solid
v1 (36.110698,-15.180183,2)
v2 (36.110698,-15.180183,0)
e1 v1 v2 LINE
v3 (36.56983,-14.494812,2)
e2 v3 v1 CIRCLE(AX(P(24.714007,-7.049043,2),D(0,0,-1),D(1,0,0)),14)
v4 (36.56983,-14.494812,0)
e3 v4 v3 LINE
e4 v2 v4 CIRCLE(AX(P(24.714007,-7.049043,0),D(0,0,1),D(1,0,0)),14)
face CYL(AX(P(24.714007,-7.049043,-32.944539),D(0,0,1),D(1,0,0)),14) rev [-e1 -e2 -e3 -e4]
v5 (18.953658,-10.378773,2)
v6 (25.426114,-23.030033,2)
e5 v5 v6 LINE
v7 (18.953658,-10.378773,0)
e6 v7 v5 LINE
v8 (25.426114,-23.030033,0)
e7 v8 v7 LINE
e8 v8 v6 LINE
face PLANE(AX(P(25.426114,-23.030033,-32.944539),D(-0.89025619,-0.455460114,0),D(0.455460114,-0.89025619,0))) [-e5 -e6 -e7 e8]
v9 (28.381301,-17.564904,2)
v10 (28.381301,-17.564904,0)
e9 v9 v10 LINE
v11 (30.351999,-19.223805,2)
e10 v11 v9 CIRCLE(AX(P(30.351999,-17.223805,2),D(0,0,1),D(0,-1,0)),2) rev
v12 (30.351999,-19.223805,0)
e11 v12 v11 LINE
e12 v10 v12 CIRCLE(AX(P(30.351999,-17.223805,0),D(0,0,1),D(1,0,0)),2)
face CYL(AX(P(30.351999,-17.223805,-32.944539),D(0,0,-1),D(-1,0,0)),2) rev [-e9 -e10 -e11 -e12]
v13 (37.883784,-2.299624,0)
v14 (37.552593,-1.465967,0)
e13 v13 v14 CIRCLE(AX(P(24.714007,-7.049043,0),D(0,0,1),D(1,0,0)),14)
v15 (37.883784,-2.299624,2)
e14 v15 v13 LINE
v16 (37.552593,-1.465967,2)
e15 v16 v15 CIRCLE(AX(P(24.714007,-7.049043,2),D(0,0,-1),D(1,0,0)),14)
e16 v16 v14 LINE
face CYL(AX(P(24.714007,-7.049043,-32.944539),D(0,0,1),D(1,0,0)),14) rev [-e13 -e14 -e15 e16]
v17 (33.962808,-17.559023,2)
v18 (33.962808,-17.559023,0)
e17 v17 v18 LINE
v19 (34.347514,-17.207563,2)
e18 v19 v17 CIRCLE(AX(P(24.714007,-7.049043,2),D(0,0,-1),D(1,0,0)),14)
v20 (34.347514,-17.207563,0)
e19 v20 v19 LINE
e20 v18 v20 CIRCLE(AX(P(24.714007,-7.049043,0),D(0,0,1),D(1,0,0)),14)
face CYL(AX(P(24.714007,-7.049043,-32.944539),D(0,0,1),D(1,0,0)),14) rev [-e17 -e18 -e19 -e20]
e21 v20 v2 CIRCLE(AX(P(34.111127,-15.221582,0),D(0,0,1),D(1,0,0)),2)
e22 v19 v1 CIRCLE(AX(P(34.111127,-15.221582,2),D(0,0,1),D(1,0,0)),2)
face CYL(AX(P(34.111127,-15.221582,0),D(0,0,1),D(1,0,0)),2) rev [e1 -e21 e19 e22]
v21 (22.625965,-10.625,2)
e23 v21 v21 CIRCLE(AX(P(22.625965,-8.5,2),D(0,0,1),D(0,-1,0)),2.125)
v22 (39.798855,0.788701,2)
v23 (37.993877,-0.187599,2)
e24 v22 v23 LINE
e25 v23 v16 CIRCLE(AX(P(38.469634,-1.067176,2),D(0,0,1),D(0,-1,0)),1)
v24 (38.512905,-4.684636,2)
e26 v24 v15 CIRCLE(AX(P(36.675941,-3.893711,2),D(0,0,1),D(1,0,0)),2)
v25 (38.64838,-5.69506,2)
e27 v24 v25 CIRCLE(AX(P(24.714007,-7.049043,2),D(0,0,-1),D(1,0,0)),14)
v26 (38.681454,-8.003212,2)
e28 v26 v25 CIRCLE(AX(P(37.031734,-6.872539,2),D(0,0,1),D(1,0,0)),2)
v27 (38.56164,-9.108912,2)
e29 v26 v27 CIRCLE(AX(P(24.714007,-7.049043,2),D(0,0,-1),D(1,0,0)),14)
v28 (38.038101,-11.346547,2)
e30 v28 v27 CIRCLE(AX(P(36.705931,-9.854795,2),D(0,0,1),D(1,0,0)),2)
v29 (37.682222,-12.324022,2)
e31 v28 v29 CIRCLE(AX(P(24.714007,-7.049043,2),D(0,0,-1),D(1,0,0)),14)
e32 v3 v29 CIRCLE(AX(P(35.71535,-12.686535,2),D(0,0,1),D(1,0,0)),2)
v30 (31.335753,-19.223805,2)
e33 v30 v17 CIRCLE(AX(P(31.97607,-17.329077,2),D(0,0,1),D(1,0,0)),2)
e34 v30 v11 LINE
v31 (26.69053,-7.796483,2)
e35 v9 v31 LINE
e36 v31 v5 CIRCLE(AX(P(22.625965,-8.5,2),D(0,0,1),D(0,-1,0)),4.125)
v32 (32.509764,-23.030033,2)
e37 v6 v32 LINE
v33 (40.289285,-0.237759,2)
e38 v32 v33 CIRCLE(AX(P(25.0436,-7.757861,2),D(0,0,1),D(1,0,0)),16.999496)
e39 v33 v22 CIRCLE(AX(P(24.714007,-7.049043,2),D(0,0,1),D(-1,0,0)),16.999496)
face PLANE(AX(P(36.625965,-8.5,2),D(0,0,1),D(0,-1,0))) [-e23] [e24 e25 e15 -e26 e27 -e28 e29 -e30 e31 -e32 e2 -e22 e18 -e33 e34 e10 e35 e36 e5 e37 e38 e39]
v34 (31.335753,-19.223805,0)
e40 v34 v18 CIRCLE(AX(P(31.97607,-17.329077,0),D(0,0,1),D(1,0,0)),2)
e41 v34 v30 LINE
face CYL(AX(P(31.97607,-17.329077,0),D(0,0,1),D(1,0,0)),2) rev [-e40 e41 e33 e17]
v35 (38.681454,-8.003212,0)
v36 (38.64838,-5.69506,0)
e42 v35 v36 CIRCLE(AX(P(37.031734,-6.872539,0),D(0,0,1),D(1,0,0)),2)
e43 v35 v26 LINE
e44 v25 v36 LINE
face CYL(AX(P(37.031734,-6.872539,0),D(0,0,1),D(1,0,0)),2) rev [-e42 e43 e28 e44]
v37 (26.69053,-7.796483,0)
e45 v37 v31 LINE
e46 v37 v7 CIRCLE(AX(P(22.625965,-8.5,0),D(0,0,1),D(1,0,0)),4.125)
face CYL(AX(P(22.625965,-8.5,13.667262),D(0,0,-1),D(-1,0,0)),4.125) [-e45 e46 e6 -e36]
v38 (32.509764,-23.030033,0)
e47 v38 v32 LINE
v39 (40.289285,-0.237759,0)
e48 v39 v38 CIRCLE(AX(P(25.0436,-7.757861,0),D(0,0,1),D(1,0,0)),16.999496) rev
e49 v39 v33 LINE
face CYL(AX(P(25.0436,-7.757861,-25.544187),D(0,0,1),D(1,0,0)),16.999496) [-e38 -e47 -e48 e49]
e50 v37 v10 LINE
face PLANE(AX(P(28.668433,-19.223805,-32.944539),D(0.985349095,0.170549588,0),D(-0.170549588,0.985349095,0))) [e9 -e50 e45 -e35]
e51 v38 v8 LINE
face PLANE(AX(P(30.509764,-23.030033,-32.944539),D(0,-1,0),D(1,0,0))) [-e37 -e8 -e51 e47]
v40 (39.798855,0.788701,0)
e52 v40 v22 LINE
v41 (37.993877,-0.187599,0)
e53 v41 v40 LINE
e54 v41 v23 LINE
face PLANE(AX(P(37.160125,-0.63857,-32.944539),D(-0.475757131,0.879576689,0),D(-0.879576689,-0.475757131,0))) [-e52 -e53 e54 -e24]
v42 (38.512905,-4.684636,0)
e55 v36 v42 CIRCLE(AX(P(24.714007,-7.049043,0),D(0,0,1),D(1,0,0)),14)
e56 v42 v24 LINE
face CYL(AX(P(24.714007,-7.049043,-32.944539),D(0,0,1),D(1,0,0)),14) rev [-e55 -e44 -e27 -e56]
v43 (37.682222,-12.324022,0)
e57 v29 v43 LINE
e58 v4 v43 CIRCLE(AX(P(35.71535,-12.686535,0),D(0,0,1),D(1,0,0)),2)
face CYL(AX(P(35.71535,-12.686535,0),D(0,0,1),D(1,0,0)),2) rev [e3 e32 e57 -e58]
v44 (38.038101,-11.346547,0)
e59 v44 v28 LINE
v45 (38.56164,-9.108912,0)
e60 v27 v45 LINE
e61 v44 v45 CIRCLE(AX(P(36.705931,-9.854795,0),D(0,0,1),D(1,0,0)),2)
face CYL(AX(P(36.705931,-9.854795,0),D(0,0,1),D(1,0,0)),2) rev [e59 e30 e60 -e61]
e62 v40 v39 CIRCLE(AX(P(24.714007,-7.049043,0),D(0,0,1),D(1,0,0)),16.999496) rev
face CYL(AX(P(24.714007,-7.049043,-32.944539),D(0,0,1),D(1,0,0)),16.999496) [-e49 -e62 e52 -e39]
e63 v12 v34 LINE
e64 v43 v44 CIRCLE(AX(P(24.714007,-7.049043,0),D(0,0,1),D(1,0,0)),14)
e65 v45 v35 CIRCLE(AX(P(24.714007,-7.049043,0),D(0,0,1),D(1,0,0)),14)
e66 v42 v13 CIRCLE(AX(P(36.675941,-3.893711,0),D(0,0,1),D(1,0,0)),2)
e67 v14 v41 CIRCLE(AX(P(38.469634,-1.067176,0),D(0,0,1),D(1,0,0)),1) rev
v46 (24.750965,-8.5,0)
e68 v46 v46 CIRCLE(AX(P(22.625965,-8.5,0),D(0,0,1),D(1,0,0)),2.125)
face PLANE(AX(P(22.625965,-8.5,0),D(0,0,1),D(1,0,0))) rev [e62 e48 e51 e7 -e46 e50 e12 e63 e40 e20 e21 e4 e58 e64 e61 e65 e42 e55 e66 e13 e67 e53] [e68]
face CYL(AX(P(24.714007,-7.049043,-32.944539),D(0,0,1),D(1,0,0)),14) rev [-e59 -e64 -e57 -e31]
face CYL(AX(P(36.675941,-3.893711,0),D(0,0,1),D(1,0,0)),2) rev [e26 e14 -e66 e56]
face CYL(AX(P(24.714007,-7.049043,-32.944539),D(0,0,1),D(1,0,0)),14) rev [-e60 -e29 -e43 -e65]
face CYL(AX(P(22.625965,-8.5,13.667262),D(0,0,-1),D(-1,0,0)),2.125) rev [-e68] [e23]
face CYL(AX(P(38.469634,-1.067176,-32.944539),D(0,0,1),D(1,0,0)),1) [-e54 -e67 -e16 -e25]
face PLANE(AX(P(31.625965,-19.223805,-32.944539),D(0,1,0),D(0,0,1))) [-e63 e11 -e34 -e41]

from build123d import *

# Parameters (mm, degrees)
ESQUISSE1_R             = 4.125
ESQUISSE1_R_2           = 2.125
BOSS_EXTRU_1_DEPTH      = 2
BOSS_EXTRU_2_START      = -2
BOSS_EXTRU_2_DEPTH      = 2
ENL_V_MAT_EXTRU_1_DEPTH = 48.690657123
BOSS_EXTRU_3_START      = -2
BOSS_EXTRU_3_DEPTH      = 2
CONG_1_R                = 1
CONG_2_R                = 2


with BuildPart() as part:
    # Esquisse1 → Boss.-Extru.1 (new body)
    with BuildSketch(Plane.XY):
        with Locations(Location((22.625964543, -8.5, 0), (0, 0, 270))):
            Circle(ESQUISSE1_R)
        with Locations(Location((22.625964543, -8.5, 0), (0, 0, 270))):
            Circle(ESQUISSE1_R_2, mode=Mode.SUBTRACT)
    extrude(amount=BOSS_EXTRU_1_DEPTH)

    # Esquisse2 → Boss.-Extru.2 (add)
    with BuildSketch(Plane.XY.offset(2).offset(BOSS_EXTRU_2_START)):
        with BuildLine():
            Line((30.509764166, -23.030033129), (25.42611418, -23.030033129))
            Line((25.42611418, -23.030033129), (18.953657758, -10.378772971))
            ThreePointArc((18.953657758, -10.378772971), (23.931920923, -12.412812663), (26.690529558, -7.796482951))
            Line((26.690529558, -7.796482951), (28.668432745, -19.223805295))
            Line((28.668432745, -19.223805295), (31.625964543, -19.223805295))
            ThreePointArc((31.625964543, -19.223805295), (38.131775725, -11.04447664), (37.160125022, -0.638570082))
            Line((37.160125022, -0.638570082), (39.798855089, 0.788701312))
            ThreePointArc((39.798855089, 0.788701312), (40.551713625, -13.225604632), (30.509764166, -23.030033129))
        make_face()
    extrude(amount=BOSS_EXTRU_2_DEPTH)

    # Esquisse3 → Enlèv. mat.-Extru.1 (cut, through all)
    with BuildSketch(Plane.XY.offset(2)):
        with BuildLine():
            ThreePointArc((38.167376486, -5.226235195), (36.438745559, -1.907826674), (35.54029783, -5.540014951))
            ThreePointArc((35.54029783, -5.540014951), (35.031758868, -6.882600454), (35.553780718, -8.220001253))
            ThreePointArc((35.553780718, -8.220001253), (34.75530459, -9.413141471), (34.961960594, -10.833859953))
            ThreePointArc((34.961960594, -10.833859953), (33.914765028, -11.815964406), (33.795387502, -13.246662387))
            ThreePointArc((33.795387502, -13.246662387), (32.553529245, -13.967034361), (32.114280515, -15.333858513))
            ThreePointArc((32.114280515, -15.333858513), (30.552699493, -18.734073905), (33.972916342, -17.21680112))
            ThreePointArc((33.972916342, -17.21680112), (35.668723842, -16.476130338), (36.031089318, -14.661454735))
            ThreePointArc((36.031089318, -14.661454735), (37.515935524, -13.55710514), (37.459320378, -11.707469768))
            ThreePointArc((37.459320378, -11.707469768), (38.656556802, -10.296448426), (38.183883536, -8.507332369))
            ThreePointArc((38.183883536, -8.507332369), (39.031708248, -6.862476892), (38.167376486, -5.226235195))
        make_face()
    extrude(amount=-ENL_V_MAT_EXTRU_1_DEPTH, mode=Mode.SUBTRACT)

    # Esquisse4 → Boss.-Extru.3 (add)
    with BuildSketch(Plane.XY.offset(2).offset(BOSS_EXTRU_3_START)):
        with BuildLine():
            Line((30.509764166, -23.030033129), (32.509764166, -23.030033129))
            ThreePointArc((32.509764166, -23.030033129), (41.131762211, -13.249116028), (40.289284919, -0.23775862))
            ThreePointArc((40.289284919, -0.23775862), (40.336178222, -13.75207443), (30.509764166, -23.030033129))
        make_face()
    extrude(amount=BOSS_EXTRU_3_DEPTH)

    # Congé1
    cong_1_edges = [part.edges().sort_by_distance(p)[0] for p in [
        (37.160125022, -0.638570082, 1),
    ]]
    fillet(cong_1_edges, radius=CONG_1_R)

    # Congé2
    cong_2_edges = [part.edges().sort_by_distance(p)[0] for p in [
        (28.668432745, -19.223805295, 1),
    ]]
    fillet(cong_2_edges, radius=CONG_2_R)


solid = part.part
